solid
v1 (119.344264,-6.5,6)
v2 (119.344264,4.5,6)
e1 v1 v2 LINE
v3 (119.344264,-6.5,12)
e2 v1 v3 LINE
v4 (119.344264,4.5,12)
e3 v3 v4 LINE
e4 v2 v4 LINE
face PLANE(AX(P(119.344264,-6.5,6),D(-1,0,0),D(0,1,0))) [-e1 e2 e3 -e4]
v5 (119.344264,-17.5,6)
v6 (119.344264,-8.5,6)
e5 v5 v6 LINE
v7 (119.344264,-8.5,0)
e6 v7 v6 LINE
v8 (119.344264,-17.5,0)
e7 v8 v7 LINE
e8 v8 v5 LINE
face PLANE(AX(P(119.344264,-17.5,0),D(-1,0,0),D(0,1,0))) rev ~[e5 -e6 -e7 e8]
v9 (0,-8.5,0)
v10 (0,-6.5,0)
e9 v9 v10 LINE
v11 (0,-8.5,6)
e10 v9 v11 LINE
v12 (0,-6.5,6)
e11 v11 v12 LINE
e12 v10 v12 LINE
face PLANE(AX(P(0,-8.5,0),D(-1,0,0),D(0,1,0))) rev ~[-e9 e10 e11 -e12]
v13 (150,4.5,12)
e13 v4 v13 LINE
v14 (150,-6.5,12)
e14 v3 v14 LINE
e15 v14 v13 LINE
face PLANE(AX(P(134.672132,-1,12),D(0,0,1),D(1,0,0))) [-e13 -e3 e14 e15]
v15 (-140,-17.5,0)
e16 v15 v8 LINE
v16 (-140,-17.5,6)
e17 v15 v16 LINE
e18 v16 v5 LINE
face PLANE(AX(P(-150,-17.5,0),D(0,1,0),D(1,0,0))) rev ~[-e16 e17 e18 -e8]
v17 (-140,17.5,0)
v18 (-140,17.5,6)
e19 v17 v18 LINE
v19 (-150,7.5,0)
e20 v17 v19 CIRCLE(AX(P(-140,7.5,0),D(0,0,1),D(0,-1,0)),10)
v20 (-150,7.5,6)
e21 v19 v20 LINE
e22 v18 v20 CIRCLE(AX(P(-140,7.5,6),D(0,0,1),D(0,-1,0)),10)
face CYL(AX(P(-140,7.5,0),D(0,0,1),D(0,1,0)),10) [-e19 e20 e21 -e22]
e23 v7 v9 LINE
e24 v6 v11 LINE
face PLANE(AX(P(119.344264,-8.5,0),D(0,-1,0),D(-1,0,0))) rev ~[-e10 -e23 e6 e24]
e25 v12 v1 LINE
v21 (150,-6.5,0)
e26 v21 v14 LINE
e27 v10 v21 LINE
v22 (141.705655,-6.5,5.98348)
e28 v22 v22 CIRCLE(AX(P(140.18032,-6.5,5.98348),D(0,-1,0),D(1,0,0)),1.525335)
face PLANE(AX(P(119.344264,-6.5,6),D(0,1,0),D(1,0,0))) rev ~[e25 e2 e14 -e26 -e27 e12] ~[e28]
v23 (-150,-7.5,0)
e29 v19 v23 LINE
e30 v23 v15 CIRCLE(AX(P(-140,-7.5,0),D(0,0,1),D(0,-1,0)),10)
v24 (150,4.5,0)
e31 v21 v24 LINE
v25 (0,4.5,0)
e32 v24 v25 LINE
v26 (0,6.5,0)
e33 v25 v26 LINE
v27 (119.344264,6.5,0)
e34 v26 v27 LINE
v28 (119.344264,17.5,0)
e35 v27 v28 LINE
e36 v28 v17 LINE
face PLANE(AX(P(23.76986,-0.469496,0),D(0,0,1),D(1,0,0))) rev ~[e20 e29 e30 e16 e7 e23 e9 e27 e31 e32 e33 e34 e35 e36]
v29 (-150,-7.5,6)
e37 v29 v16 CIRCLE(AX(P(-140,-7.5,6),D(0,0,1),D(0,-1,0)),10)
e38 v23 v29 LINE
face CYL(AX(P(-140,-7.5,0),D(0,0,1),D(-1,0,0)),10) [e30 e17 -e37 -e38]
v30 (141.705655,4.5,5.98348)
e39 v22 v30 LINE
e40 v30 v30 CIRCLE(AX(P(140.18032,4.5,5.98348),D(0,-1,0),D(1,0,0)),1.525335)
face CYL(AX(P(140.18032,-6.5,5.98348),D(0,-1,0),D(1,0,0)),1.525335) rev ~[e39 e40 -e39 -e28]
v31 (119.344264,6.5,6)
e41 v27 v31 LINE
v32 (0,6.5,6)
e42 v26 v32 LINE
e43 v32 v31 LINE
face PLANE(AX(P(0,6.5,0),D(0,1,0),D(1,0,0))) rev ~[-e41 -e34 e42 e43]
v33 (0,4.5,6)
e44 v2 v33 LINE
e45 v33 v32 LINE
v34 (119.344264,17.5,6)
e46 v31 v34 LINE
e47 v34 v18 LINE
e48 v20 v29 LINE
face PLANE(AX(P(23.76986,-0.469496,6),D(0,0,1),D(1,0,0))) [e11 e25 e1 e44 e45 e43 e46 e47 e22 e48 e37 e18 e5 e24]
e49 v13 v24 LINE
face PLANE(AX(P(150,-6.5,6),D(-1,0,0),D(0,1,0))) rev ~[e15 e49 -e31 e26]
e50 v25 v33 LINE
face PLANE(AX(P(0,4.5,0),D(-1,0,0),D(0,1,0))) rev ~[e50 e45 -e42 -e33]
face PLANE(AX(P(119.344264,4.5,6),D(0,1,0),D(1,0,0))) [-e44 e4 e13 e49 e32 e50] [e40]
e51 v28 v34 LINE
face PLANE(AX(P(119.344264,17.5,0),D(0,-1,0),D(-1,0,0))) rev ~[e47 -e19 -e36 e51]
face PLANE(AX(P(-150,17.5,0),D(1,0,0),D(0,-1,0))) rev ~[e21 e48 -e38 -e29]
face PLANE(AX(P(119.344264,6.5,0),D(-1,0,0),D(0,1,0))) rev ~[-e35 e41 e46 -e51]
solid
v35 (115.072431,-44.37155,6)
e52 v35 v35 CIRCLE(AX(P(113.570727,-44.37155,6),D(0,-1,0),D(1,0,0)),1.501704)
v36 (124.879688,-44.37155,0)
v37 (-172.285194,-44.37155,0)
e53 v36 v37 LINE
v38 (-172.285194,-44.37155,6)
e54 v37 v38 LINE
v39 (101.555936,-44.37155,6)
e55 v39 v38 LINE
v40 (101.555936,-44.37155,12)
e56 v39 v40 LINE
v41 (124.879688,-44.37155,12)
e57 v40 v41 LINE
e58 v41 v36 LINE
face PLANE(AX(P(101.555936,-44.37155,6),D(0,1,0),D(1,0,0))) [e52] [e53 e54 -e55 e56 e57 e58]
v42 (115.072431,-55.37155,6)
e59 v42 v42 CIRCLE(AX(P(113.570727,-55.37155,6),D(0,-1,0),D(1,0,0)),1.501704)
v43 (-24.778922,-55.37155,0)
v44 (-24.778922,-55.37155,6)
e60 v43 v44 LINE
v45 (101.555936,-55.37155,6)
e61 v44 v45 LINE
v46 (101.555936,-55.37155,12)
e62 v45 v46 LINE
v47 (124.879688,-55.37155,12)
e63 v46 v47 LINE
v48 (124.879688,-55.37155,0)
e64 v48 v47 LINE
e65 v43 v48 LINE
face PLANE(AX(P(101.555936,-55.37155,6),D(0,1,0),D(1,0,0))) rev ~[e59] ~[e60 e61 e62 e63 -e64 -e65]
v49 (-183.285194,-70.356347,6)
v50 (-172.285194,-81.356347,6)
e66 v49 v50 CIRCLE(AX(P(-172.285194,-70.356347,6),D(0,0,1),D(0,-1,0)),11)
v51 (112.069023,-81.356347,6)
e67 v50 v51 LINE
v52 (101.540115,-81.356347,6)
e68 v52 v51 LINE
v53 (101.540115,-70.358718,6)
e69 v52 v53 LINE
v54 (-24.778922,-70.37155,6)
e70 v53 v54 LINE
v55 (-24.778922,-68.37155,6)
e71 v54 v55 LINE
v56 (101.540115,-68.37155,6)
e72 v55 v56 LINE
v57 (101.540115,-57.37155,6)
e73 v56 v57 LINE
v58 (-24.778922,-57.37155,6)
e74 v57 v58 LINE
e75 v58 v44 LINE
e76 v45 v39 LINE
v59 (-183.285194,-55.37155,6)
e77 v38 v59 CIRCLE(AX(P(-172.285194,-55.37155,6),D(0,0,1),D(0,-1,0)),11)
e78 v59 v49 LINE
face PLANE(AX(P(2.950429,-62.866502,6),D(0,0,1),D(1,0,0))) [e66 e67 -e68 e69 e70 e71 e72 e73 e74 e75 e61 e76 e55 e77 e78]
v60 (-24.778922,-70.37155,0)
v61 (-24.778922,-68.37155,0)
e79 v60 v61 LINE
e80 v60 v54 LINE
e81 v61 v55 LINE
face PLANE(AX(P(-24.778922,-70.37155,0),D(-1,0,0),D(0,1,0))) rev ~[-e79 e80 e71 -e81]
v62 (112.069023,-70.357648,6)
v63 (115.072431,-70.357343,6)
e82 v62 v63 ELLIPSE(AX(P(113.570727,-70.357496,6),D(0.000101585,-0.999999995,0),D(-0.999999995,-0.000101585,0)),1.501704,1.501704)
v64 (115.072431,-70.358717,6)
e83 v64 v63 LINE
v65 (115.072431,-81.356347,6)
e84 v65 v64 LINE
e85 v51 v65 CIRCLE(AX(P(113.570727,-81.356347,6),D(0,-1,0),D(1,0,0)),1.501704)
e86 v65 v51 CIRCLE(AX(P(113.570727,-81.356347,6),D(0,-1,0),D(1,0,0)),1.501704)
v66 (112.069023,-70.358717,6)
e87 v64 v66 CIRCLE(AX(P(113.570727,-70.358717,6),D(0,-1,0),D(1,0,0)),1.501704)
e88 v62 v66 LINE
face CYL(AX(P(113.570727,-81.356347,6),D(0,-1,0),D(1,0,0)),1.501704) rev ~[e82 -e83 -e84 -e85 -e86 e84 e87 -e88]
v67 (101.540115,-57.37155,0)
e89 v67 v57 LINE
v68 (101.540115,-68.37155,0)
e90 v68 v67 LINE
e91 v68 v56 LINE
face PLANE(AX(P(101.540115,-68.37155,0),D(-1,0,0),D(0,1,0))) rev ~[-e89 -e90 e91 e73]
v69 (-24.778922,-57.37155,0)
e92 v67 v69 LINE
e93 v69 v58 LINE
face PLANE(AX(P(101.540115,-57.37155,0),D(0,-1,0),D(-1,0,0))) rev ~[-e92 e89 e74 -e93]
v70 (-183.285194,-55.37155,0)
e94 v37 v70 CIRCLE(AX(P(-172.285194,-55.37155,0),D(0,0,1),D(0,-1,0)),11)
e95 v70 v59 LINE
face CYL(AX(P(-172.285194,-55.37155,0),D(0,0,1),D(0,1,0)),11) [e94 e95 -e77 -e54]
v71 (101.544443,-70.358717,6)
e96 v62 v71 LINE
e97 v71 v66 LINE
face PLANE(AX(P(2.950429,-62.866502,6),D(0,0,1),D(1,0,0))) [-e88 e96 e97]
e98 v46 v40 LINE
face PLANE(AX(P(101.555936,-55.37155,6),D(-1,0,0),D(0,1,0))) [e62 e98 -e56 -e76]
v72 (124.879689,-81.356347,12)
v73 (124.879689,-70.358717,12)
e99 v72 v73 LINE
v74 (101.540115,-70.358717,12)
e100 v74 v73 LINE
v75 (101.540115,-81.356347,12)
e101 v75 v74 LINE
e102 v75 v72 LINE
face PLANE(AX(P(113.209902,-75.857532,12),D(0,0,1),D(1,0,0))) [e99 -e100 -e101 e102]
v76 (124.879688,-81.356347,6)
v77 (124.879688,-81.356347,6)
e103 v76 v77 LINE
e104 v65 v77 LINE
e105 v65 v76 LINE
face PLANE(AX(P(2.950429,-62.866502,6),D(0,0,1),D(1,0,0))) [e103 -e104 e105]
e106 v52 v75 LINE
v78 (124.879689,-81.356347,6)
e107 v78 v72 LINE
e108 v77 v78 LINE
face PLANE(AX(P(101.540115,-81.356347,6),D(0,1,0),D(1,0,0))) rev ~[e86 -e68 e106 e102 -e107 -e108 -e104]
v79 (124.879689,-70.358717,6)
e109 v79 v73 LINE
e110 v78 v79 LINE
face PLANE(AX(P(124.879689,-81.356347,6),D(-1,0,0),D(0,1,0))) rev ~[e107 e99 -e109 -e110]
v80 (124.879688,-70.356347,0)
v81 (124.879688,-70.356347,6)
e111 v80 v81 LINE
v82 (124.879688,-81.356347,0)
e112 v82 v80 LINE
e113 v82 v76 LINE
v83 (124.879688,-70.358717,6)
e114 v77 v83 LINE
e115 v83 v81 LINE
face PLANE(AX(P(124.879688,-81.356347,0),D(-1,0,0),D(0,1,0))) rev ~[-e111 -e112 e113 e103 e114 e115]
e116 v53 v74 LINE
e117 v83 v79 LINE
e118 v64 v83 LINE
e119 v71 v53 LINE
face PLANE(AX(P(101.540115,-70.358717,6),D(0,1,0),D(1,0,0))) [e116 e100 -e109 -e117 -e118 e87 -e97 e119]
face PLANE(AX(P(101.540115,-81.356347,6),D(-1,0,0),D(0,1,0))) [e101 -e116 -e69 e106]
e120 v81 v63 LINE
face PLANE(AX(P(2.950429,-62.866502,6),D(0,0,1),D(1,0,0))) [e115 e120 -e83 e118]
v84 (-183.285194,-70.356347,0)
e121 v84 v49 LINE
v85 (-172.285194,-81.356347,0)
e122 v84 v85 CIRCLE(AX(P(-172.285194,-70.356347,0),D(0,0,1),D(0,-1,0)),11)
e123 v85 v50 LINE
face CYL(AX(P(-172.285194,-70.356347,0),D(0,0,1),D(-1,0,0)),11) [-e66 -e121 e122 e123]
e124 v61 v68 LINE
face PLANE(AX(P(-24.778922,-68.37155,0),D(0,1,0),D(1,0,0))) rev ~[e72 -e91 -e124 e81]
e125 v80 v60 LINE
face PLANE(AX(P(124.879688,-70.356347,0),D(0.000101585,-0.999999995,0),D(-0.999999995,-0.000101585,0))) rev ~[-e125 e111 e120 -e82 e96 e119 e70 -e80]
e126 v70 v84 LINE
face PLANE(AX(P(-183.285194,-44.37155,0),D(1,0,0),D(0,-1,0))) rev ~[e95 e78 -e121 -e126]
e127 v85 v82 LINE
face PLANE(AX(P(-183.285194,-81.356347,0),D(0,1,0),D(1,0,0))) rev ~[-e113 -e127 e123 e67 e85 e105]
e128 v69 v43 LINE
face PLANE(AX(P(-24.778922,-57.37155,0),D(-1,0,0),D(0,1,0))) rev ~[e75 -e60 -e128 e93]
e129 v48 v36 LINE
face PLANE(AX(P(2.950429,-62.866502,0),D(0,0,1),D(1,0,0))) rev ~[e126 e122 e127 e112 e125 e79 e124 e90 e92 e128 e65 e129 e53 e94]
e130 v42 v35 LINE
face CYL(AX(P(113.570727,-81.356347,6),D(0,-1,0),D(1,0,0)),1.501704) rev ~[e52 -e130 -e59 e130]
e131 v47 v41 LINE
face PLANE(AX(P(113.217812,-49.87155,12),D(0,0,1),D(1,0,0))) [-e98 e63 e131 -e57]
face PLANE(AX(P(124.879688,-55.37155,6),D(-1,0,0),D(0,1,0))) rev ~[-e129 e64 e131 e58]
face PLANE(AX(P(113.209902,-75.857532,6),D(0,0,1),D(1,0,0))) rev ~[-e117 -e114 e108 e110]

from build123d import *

# Parameters (mm, degrees)
F1_DEPTH  = 6
F2_R      = 10
F3_W      = 30.655736
F3_H      = 11
F4_DEPTH  = 6
F5_R      = 1.525335
F6_DEPTH  = 11.4
F8_DEPTH  = 6
F9_R      = 11
F10_W     = 23.323752
F10_H     = 11
F10_W_2   = 23.339573
F10_H_2   = 10.997629
F11_DEPTH = 6
F12_R     = 1.501704
F13_DEPTH = 46


with BuildPart() as f1:
    # F0 (on Top) → F1 (new body)
    with BuildSketch(Plane.XY):
        Polygon((119.344264, 17.5), (-150, 17.5), (-150, -17.5), (119.344264, -17.5), (119.344264, -8.5), (0, -8.5), (0, -6.5), (150, -6.5), (150, 4.5), (0, 4.5), (0, 6.5), (119.344264, 6.5), align=None)
    extrude(amount=F1_DEPTH)

    # F2
    f2_edges = [f1.edges().sort_by_distance(p)[0] for p in [
        (-150, -17.5, 3),
        (-150, 17.5, 3),
    ]]
    fillet(f2_edges, radius=F2_R)

    # F3 (on face) → F4 (join)
    with BuildSketch(Plane.XY.offset(6)):
        with Locations((134.672132, -1)):
            Rectangle(F3_W, F3_H)
    extrude(amount=F4_DEPTH)

    # F5 (on face) → F6 (cut)
    with BuildSketch(Plane.XZ.offset(6.5)):
        with Locations((140.18032, 5.98348)):
            Circle(F5_R)
    extrude(amount=-F6_DEPTH, mode=Mode.SUBTRACT)


with BuildPart() as f8:
    # F7 (on Top) → F8 (new body)
    with BuildSketch(Plane.XY):
        Polygon((124.879688, -44.37155), (-183.285194, -44.37155), (-183.285194, -81.356347), (124.879688, -81.356347), (124.879688, -70.356347), (-24.778922, -70.37155), (-24.778922, -68.37155), (101.540115, -68.37155), (101.540115, -57.37155), (-24.778922, -57.37155), (-24.778922, -55.37155), (124.879688, -55.37155), align=None)
    extrude(amount=F8_DEPTH)

    # F9
    f9_edges = [f8.edges().sort_by_distance(p)[0] for p in [
        (-183.285194, -81.356347, 3),
        (-183.285194, -44.37155, 3),
    ]]
    fillet(f9_edges, radius=F9_R)

    # F10 (on face) → F11 (join)
    with BuildSketch(Plane.XY.offset(6)):
        with Locations((113.217812, -49.87155)):
            Rectangle(F10_W, F10_H)
        with Locations((113.209902, -75.857532)):
            Rectangle(F10_W_2, F10_H_2)
    extrude(amount=F11_DEPTH)

    # F12 (on face) → F13 (cut)
    with BuildSketch(Plane.XZ.offset(81.356347)):
        with Locations((113.570727, 6)):
            Circle(F12_R)
    extrude(amount=-F13_DEPTH, mode=Mode.SUBTRACT)


solid = Compound([f1.part, f8.part])
